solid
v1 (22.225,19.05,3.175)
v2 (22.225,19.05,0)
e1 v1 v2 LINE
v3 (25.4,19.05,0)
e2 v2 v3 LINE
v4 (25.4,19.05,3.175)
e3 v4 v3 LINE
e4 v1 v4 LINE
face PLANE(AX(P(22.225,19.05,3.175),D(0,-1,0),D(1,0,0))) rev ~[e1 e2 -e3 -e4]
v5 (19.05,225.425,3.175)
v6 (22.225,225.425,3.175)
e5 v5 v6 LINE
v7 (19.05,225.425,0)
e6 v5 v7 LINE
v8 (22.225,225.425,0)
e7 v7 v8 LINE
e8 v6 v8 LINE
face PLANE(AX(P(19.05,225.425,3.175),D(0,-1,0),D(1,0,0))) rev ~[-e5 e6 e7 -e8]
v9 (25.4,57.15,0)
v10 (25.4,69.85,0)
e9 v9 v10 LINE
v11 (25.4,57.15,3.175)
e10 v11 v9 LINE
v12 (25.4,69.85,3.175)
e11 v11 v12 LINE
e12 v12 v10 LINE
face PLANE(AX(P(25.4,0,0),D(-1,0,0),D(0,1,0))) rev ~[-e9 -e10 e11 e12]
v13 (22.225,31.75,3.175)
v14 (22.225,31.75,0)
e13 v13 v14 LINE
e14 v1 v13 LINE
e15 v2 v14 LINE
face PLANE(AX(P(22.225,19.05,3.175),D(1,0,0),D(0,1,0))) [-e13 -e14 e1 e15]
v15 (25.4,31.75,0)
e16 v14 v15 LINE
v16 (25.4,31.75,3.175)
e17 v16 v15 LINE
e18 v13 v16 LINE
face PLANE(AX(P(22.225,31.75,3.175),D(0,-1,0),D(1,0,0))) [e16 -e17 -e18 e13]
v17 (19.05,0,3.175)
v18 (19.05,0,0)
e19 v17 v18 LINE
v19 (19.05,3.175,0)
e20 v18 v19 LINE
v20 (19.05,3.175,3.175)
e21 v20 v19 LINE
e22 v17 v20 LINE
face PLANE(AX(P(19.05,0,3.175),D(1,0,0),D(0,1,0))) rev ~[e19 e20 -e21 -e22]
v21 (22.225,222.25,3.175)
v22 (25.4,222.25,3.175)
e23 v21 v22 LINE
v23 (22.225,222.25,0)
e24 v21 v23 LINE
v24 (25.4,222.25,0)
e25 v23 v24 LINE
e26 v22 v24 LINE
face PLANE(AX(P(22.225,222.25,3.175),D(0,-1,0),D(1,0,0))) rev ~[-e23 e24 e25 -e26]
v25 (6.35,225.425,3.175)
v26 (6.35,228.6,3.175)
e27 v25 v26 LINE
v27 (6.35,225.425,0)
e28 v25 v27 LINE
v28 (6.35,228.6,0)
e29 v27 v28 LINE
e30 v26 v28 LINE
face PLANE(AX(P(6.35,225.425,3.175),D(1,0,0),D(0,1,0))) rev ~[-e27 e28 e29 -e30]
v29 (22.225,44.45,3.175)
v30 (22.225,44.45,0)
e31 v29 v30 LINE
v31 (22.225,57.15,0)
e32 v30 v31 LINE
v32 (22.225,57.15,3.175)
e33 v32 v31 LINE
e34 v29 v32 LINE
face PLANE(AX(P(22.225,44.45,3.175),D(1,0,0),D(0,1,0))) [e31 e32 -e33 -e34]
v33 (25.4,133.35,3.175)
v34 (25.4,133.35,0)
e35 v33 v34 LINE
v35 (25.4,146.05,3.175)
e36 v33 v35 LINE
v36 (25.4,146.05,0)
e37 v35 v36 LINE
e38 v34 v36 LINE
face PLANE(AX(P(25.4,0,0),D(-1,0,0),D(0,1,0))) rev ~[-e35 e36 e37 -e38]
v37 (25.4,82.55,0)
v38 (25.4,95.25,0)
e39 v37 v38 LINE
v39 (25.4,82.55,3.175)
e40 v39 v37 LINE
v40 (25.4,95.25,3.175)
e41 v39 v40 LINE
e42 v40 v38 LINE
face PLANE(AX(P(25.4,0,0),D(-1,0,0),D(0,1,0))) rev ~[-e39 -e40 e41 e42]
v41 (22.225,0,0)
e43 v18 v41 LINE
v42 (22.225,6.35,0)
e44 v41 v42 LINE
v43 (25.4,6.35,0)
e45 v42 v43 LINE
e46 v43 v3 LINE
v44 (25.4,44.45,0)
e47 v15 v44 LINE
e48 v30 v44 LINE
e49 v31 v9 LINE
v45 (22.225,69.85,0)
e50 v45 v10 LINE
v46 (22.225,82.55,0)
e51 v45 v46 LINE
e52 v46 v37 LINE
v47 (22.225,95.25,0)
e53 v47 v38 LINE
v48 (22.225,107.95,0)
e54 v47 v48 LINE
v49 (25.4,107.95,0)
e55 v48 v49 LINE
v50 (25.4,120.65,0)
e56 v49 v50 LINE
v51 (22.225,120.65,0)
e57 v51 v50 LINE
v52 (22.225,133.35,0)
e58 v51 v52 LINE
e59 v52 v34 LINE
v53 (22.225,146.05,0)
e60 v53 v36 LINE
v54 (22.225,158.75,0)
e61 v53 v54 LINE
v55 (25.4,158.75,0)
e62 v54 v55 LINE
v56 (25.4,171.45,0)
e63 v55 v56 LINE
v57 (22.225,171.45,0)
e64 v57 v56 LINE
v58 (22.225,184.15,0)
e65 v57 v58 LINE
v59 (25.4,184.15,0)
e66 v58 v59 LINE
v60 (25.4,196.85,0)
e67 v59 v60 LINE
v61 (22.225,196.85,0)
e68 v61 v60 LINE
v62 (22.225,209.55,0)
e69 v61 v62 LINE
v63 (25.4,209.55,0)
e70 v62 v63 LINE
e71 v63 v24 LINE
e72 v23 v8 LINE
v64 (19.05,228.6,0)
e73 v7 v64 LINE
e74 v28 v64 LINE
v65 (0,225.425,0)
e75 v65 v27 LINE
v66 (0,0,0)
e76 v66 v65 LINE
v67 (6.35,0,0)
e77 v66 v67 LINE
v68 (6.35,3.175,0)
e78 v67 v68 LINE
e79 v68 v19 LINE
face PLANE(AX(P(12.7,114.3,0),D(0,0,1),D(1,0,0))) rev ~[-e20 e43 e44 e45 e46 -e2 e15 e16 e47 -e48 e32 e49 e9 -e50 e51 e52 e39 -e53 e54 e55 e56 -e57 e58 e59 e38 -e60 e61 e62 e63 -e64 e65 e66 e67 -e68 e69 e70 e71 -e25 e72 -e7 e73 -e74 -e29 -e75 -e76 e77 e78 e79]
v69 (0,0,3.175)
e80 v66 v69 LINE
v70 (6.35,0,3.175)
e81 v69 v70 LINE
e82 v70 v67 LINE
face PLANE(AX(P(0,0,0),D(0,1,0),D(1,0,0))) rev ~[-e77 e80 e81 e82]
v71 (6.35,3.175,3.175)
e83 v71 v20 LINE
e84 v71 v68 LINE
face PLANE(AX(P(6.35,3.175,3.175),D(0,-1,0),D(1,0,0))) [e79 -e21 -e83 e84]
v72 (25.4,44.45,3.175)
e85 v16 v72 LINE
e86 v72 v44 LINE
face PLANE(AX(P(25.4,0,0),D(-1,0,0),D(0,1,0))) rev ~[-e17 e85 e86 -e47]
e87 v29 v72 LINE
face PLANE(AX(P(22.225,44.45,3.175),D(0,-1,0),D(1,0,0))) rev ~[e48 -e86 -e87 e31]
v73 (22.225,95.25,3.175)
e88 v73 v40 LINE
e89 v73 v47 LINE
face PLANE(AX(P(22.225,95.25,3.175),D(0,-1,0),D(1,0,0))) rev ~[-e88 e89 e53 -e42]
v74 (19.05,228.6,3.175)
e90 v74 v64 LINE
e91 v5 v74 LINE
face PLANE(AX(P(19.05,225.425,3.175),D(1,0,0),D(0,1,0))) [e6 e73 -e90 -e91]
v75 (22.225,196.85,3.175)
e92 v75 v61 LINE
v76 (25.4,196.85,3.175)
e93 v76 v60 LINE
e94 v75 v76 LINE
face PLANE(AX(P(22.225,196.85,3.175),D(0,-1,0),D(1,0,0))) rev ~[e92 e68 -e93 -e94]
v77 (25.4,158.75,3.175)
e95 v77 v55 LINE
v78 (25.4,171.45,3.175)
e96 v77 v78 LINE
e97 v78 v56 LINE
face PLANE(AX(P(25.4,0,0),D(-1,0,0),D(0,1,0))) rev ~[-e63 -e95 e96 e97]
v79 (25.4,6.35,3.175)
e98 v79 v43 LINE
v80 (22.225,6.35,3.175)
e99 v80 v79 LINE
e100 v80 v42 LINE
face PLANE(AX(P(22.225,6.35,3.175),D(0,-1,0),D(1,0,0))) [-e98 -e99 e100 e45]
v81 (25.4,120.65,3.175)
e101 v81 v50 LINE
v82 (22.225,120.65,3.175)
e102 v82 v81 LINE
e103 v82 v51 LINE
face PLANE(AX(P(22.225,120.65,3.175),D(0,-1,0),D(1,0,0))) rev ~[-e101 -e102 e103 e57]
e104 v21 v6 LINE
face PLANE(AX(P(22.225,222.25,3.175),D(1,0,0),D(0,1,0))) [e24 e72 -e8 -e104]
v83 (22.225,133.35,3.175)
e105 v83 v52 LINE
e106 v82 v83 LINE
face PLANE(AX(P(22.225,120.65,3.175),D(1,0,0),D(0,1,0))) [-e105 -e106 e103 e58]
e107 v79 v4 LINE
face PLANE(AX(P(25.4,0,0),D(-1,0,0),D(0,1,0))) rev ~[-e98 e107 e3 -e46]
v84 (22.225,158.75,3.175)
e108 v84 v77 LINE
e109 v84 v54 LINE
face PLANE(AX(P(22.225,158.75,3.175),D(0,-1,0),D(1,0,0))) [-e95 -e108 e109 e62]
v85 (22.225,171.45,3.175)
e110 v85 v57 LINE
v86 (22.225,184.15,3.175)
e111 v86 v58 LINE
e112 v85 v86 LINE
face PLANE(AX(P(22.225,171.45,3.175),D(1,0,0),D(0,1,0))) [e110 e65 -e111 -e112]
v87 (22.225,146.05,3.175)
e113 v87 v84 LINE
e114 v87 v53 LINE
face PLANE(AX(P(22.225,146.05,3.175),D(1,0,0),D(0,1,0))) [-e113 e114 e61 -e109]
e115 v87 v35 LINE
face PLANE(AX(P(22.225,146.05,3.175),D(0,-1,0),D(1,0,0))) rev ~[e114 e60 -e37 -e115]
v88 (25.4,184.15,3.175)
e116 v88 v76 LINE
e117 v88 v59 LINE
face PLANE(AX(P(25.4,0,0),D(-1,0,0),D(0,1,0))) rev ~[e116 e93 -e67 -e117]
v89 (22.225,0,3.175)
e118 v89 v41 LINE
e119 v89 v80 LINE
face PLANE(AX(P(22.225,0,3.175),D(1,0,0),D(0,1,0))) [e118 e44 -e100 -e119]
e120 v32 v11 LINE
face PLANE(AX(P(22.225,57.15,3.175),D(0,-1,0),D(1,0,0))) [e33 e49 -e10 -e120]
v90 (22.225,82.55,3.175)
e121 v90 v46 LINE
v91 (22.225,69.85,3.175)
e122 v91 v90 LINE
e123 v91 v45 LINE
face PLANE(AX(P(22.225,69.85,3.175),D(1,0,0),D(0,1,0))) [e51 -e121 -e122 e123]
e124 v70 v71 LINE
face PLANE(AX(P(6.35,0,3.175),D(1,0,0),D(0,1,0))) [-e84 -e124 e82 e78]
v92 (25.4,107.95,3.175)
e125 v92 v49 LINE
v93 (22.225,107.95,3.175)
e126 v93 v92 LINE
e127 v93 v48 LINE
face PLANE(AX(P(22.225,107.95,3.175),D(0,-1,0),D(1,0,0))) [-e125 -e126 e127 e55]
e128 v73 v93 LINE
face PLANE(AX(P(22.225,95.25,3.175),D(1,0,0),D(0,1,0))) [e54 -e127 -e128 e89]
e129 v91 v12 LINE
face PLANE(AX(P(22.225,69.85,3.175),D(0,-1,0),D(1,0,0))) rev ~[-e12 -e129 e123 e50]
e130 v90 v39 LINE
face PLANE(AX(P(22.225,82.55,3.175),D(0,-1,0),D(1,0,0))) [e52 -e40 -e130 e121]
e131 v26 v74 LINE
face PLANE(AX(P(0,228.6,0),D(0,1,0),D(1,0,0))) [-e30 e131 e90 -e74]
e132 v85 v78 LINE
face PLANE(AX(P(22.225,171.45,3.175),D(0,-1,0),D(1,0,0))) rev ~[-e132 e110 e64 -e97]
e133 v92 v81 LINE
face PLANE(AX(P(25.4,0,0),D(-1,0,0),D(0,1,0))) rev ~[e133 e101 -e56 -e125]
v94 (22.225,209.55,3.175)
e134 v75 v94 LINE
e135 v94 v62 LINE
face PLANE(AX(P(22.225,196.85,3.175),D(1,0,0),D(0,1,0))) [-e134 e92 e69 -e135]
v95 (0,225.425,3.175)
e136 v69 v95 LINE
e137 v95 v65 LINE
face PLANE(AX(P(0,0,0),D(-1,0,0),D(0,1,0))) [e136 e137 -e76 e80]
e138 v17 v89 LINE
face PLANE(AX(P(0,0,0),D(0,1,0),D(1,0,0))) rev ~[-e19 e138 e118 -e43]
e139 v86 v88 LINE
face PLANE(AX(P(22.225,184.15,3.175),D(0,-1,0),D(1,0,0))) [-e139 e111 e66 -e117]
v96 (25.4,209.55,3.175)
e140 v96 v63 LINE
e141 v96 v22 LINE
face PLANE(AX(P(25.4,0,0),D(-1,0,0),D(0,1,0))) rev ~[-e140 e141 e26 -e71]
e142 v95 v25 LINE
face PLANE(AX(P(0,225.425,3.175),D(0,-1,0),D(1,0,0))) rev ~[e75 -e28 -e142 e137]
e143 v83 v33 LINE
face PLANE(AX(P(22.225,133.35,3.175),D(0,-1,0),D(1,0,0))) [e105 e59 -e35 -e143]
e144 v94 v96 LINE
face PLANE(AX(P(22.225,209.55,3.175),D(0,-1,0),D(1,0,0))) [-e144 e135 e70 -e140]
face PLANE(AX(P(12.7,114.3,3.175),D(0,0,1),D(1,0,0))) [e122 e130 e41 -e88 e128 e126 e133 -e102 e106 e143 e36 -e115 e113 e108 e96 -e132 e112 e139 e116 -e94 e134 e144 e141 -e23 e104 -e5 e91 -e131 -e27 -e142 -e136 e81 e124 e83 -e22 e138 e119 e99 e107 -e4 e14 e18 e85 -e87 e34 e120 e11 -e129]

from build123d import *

# Parameters (mm, degrees)
SKETCH1_W          = 25.4
SKETCH1_H          = 228.6
EXTRUDE1_DEPTH     = 3.175
SKETCH3_W          = 3.175
SKETCH3_H          = 6.35
CUT_EXTRUDE1_DEPTH = 3.175
LPATTERN1_COUNT    = 2
LPATTERN1_PITCH    = 222.25
SKETCH4_W          = 3.175
SKETCH4_H          = 12.7
CUT_EXTRUDE2_DEPTH = 3.175
LPATTERN2_COUNT    = 8
LPATTERN2_PITCH    = 25.4
SKETCH5_W          = 12.7
SKETCH5_H          = 3.175
CUT_EXTRUDE3_DEPTH = 3.175
SKETCH6_W          = 6.35
SKETCH6_H          = 3.175
CUT_EXTRUDE4_DEPTH = 3.175
LPATTERN3_COUNT    = 2
LPATTERN3_PITCH    = 19.05


with BuildPart() as part:
    # Sketch1 → Extrude1 (new body)
    with BuildSketch(Plane.XY):
        with Locations((12.7, 114.3)):
            Rectangle(SKETCH1_W, SKETCH1_H)
    extrude(amount=EXTRUDE1_DEPTH)

    # Sketch3 → Cut-Extrude1 (cut)
    with BuildSketch(Plane.XY.offset(3.175)):
        with Locations((23.8125, 225.425)):
            Rectangle(SKETCH3_W, SKETCH3_H)
    cut_extrude1 = extrude(amount=-CUT_EXTRUDE1_DEPTH, mode=Mode.SUBTRACT)

    # LPattern1: Cut-Extrude1 ×2
    with Locations(*[(0, -i * LPATTERN1_PITCH, 0) for i in range(1, LPATTERN1_COUNT)]):
        add(cut_extrude1, mode=Mode.SUBTRACT)

    # Sketch4 → Cut-Extrude2 (cut)
    with BuildSketch(Plane.XY.offset(3.175)):
        with Locations((23.8125, 203.2)):
            Rectangle(SKETCH4_W, SKETCH4_H)
    cut_extrude2 = extrude(amount=-CUT_EXTRUDE2_DEPTH, mode=Mode.SUBTRACT)

    # LPattern2: Cut-Extrude2 ×8
    with Locations(*[(0, -i * LPATTERN2_PITCH, 0) for i in range(1, LPATTERN2_COUNT)]):
        add(cut_extrude2, mode=Mode.SUBTRACT)

    # Sketch5 → Cut-Extrude3 (cut)
    with BuildSketch(Plane.XY.offset(3.175)):
        with Locations((12.7, 1.5875)):
            Rectangle(SKETCH5_W, SKETCH5_H)
    extrude(amount=-CUT_EXTRUDE3_DEPTH, mode=Mode.SUBTRACT)

    # Sketch6 → Cut-Extrude4 (cut)
    with BuildSketch(Plane.XY.offset(3.175)):
        with Locations((3.175, 227.0125)):
            Rectangle(SKETCH6_W, SKETCH6_H)
    cut_extrude4 = extrude(amount=-CUT_EXTRUDE4_DEPTH, mode=Mode.SUBTRACT)

    # LPattern3: Cut-Extrude4 ×2
    with Locations(*[(i * LPATTERN3_PITCH, 0, 0) for i in range(1, LPATTERN3_COUNT)]):
        add(cut_extrude4, mode=Mode.SUBTRACT)


solid = part.part
